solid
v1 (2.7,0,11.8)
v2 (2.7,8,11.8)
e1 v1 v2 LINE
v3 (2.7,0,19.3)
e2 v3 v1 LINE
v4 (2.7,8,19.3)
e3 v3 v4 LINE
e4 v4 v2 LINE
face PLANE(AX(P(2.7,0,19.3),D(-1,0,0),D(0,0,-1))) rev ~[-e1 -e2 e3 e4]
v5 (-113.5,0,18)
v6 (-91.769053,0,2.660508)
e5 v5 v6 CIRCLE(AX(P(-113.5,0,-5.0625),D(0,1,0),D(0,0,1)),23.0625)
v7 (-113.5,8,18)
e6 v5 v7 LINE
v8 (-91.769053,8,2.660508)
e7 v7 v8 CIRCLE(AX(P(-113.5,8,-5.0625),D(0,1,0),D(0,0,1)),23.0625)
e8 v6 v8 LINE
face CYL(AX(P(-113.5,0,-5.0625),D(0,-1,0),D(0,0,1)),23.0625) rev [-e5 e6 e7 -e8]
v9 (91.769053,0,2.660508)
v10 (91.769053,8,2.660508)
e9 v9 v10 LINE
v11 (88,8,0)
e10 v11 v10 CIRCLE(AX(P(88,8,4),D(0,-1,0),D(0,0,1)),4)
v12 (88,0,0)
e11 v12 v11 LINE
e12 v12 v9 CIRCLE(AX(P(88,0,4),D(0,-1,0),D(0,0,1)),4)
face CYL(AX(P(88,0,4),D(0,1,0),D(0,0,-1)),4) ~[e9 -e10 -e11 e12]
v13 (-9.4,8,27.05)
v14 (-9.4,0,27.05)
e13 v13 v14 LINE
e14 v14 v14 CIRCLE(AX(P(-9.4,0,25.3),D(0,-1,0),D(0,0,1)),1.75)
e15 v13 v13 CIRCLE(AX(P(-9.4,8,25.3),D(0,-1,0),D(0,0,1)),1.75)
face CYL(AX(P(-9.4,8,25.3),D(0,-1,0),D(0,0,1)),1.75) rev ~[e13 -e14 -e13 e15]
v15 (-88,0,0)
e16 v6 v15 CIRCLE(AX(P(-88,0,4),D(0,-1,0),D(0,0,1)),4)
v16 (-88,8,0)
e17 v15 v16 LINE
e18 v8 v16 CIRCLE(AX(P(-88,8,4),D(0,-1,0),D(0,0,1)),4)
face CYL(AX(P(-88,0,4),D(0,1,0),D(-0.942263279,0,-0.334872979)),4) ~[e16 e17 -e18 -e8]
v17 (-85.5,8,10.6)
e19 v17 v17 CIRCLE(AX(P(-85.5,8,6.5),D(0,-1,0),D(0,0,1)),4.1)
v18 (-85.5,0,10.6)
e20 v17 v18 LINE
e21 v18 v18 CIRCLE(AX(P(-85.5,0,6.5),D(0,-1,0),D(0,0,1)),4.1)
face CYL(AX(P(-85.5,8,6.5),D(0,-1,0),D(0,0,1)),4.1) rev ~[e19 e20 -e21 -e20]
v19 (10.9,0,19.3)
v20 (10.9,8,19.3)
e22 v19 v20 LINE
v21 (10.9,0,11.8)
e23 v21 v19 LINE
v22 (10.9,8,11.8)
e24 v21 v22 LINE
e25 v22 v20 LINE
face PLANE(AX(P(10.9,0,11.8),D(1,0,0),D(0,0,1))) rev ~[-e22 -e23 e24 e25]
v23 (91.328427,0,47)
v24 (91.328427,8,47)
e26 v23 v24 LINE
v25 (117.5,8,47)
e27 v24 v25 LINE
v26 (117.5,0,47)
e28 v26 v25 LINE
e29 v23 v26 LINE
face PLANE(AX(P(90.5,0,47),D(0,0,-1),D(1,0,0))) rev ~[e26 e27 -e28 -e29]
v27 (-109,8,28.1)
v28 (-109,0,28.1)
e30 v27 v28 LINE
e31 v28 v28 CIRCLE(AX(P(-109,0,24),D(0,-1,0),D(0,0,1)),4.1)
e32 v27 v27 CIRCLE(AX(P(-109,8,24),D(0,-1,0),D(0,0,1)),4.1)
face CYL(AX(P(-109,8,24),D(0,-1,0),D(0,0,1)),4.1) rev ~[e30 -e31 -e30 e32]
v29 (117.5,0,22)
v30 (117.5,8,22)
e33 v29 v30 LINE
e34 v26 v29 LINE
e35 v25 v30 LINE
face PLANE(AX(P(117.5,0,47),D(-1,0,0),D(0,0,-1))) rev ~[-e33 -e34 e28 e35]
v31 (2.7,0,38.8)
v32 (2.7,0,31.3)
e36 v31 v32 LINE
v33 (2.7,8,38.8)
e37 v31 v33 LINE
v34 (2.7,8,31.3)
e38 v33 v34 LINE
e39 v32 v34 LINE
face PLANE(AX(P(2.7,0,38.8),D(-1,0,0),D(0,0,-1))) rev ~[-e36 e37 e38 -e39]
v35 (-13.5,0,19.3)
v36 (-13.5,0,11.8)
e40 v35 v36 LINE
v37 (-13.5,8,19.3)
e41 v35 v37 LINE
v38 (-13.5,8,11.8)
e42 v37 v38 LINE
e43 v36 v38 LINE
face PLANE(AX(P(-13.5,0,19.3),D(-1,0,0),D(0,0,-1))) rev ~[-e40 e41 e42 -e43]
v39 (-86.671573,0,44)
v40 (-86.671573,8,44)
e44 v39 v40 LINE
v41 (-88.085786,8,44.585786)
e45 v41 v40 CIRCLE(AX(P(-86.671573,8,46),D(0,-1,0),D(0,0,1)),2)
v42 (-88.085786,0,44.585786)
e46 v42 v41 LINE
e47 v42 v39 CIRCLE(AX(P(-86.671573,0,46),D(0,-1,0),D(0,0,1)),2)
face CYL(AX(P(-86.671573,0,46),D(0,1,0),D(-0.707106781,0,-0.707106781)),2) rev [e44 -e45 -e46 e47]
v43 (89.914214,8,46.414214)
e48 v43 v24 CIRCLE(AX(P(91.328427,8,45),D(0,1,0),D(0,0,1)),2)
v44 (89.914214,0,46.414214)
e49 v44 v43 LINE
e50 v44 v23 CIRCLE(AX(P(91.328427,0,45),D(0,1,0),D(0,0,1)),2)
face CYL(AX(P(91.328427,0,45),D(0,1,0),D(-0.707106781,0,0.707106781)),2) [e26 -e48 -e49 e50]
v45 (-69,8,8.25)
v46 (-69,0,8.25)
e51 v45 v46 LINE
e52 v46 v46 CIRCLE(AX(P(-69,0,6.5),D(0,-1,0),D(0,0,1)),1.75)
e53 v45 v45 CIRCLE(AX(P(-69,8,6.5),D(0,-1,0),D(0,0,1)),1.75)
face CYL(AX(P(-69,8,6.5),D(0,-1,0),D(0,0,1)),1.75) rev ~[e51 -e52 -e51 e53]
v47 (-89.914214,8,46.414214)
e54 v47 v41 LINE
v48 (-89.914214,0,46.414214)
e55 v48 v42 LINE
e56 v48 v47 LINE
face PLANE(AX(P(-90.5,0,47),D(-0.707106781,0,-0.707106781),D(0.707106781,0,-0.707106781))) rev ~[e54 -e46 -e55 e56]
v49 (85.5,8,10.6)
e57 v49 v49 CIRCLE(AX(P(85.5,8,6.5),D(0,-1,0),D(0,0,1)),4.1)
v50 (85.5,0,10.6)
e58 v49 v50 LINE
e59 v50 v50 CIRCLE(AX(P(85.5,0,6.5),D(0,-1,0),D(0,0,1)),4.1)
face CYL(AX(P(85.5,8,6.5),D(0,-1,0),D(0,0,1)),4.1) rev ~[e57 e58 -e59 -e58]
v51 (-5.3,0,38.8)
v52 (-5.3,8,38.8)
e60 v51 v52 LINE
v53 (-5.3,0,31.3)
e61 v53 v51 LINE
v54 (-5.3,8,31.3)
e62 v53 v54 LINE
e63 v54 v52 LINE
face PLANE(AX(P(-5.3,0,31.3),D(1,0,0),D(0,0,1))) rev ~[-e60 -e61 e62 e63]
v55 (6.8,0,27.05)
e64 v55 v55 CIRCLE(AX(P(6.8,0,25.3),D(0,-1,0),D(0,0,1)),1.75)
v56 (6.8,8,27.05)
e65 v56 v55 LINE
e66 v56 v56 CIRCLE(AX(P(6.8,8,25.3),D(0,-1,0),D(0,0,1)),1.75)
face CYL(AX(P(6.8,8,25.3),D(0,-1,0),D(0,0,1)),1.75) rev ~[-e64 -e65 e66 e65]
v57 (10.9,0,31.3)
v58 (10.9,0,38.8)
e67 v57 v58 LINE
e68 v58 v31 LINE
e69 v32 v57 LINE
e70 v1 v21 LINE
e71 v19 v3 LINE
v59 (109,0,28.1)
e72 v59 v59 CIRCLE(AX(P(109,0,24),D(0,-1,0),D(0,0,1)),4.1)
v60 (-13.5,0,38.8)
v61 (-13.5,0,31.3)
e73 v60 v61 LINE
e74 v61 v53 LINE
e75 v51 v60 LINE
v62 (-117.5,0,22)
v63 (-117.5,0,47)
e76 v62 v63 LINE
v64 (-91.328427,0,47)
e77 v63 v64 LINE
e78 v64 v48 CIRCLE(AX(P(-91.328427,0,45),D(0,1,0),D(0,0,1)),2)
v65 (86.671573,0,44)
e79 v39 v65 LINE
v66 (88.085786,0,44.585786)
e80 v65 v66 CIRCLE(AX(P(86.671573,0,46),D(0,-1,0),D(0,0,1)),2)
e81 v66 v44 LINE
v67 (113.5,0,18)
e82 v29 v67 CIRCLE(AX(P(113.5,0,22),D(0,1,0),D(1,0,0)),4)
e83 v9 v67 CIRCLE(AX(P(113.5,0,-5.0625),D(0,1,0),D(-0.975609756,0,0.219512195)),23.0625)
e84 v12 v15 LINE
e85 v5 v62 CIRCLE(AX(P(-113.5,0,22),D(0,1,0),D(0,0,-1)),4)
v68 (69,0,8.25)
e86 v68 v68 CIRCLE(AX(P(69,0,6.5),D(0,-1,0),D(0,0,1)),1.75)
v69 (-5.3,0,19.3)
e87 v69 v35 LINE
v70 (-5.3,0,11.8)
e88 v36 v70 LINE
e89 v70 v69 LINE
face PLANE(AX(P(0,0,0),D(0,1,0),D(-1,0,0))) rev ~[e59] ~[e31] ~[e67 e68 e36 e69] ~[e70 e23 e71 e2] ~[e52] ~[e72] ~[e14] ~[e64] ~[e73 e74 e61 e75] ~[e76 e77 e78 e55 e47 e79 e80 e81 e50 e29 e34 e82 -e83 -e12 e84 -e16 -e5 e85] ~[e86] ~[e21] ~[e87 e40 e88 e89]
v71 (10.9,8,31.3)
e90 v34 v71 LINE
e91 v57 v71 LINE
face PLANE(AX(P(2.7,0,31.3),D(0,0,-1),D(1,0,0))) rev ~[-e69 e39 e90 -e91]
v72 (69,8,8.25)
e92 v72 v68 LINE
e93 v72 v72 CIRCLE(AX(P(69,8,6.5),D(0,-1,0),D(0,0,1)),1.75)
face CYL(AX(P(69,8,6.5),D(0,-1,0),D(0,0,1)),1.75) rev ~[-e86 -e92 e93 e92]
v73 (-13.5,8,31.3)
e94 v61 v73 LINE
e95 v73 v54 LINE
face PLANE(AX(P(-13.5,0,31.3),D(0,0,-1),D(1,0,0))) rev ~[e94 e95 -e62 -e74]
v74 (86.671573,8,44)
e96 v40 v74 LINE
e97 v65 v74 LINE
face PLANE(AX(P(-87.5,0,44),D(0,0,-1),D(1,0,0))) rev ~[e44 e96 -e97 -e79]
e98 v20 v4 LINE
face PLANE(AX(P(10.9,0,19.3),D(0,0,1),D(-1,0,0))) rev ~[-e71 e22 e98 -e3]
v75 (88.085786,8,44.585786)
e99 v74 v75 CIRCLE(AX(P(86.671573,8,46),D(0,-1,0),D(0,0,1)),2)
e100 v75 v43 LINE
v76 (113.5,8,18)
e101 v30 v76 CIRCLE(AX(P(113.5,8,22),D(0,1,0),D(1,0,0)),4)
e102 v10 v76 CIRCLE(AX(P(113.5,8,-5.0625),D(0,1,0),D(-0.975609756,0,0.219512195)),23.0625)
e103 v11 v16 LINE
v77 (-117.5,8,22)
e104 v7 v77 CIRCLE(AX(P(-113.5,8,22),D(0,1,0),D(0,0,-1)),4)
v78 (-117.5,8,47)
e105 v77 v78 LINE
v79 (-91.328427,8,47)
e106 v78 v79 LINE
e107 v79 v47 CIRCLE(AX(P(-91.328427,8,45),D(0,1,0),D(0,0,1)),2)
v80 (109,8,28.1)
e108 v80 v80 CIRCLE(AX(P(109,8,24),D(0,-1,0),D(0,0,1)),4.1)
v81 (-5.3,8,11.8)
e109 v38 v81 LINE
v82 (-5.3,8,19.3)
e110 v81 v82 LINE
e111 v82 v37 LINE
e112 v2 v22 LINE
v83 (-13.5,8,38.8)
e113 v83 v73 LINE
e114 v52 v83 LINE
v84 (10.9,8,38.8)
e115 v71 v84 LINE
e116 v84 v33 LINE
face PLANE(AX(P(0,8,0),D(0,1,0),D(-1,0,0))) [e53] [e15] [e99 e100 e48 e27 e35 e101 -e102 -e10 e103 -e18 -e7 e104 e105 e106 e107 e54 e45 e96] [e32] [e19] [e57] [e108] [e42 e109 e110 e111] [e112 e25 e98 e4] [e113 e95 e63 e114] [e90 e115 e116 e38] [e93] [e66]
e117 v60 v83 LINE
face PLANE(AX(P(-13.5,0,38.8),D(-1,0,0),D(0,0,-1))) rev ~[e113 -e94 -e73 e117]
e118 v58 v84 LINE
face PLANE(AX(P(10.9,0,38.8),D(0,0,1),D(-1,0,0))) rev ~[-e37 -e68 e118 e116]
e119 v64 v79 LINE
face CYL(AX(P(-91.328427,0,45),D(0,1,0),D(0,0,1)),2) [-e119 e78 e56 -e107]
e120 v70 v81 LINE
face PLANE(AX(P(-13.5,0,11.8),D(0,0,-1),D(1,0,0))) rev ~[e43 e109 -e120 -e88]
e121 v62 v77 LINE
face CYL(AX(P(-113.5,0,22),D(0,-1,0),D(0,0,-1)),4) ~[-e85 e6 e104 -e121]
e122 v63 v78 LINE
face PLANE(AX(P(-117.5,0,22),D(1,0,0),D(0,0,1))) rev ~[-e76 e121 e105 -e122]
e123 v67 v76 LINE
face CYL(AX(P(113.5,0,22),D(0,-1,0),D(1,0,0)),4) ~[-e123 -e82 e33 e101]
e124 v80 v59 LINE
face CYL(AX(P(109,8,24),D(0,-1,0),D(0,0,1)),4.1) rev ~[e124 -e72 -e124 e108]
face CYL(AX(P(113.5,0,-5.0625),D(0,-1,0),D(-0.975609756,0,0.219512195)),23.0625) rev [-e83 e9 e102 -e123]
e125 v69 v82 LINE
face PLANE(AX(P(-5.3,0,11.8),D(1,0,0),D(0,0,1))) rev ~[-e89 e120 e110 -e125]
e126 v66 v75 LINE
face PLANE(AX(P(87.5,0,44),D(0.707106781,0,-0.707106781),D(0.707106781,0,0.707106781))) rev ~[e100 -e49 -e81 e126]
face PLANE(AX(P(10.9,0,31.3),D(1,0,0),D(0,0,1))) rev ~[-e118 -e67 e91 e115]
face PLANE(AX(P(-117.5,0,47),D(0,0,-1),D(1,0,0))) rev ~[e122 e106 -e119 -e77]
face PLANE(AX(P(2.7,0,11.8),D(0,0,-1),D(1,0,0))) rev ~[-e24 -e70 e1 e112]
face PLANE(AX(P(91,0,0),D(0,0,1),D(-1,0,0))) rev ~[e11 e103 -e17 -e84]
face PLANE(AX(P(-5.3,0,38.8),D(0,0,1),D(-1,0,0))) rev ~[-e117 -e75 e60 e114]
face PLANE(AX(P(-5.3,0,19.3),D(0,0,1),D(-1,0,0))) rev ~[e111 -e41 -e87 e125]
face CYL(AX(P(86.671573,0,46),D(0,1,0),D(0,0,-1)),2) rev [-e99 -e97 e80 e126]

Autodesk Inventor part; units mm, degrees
ref_plane "YZ Plane" through (0, 0, 0) normal (1, 0, 0) x (0, 1, 0)
ref_plane "XY Plane" through (0, 0, 0) normal (0, 0, 1) x (1, 0, 0)
sketch "Sketch1" plane through (0, 0, 0) normal (0, 1, 0) x (-1, 0, 0)
  line L0 (-117.5, 47) -> (-117.5, 0)
  line L1 (-117.5, 0) -> (117.5, 0)
  line L2 (117.5, 0) -> (117.5, 47)
  line L3 (90.5, 47) -> (87.5, 44)
  line L4 (87.5, 44) -> (-87.5, 44)
  line L5 (-87.5, 44) -> (-90.5, 47)
  line L6 (117.5, 47) -> (90.5, 47)
  line L7 (-90.5, 47) -> (-117.5, 47)
  arc A0 (113.5, 18) -> (117.5, 22) centre (113.5, 22) ccw
  arc A1 (113.5, 18) -> (91, 0) centre (113.5, -5.0625) ccw
  line L8 (113.5, 22) -> (113.5, 18) construction
  arc A2 (-117.5, 22) -> (-113.5, 18) centre (-113.5, 22) ccw
  arc A3 (-91, 0) -> (-113.5, 18) centre (-113.5, -5.0625) ccw
  line L9 (-113.5, 22) -> (-113.5, 18) construction
  line L10 (0, 44) -> (0, 0) construction
  line L11 (13.5, 11.8) -> (5.3, 11.8)
  line L12 (5.3, 11.8) -> (5.3, 19.3)
  line L13 (5.3, 19.3) -> (13.5, 19.3)
  line L14 (13.5, 19.3) -> (13.5, 11.8)
  line L15 (13.5, 31.3) -> (5.3, 31.3)
  line L16 (5.3, 31.3) -> (5.3, 38.8)
  line L17 (5.3, 38.8) -> (13.5, 38.8)
  line L18 (13.5, 38.8) -> (13.5, 31.3)
  line L19 (-2.7, 11.8) -> (-10.9, 11.8)
  line L20 (-10.9, 11.8) -> (-10.9, 19.3)
  line L21 (-10.9, 19.3) -> (-2.7, 19.3)
  line L22 (-2.7, 19.3) -> (-2.7, 11.8)
  line L23 (-2.7, 31.3) -> (-10.9, 31.3)
  line L24 (-10.9, 31.3) -> (-10.9, 38.8)
  line L25 (-10.9, 38.8) -> (-2.7, 38.8)
  line L26 (-2.7, 38.8) -> (-2.7, 31.3)
  dimension "d1" = 235
  dimension "d2" = 3
  dimension "d3" = 45
  dimension "d4" = 27
  dimension "d5" = 47
  dimension "d6" = 4
  dimension "d7" = 29
  dimension "d8" = 23.0625
  dimension "d9" = 182
  dimension "d10" = 8.2
  dimension "d11" = 7.5
  dimension "d12" = 12
  dimension "d14" = 8
  dimension "d15" = 11.8
  dimension "d16" = 104
  dimension "d17" = 106.6
extrude "Extrusion1" add sketch "Sketch1" along normal blind 8 contours L7 L5 L4 L3 L6 L2 A0 A1 L1 A3 A2 L0
fillet "Fillet1" radius 4 2 edges at (-91, 4, 0) (91, 4, 0)
fillet "Fillet2" radius 2 4 edges at (-90.5, 4, 47) (-87.5, 4, 44) (87.5, 4, 44) (90.5, 4, 47)
sketch "Sketch2" plane through (0, 8, 0) normal (0, 1, 0) x (1, 0, 0)
  arc A0 (89.9142, -46.4142) -> (91.3284, -47) centre (91.3284, -45) ccw construction
  line L0 (91.3284, -47) -> (117.5, -47) construction
  line L1 (117.5, -47) -> (117.5, -22) construction
  arc A1 (117.5, -22) -> (113.5, -18) centre (113.5, -22) ccw construction
  arc A2 (91.7691, -2.6605) -> (113.5, -18) centre (113.5, 5.0625) ccw construction
  arc A3 (91.7691, -2.6605) -> (88, 0) centre (88, -4) ccw construction
  line L2 (88, 0) -> (-88, 0) construction
  arc A4 (-88, 0) -> (-91.7691, -2.6605) centre (-88, -4) ccw construction
  arc A5 (-113.5, -18) -> (-91.7691, -2.6605) centre (-113.5, 5.0625) ccw construction
  arc A6 (-113.5, -18) -> (-117.5, -22) centre (-113.5, -22) ccw construction
  line L3 (-117.5, -22) -> (-117.5, -47) construction
  line L4 (-117.5, -47) -> (-91.3284, -47) construction
  arc A7 (-91.3284, -47) -> (-89.9142, -46.4142) centre (-91.3284, -45) ccw construction
  line L5 (-89.9142, -46.4142) -> (-88.0858, -44.5858) construction
  arc A8 (-86.6716, -44) -> (-88.0858, -44.5858) centre (-86.6716, -46) ccw construction
  line L6 (-86.6716, -44) -> (86.6716, -44) construction
  arc A9 (88.0858, -44.5858) -> (86.6716, -44) centre (86.6716, -46) ccw construction
  line L7 (88.0858, -44.5858) -> (89.9142, -46.4142) construction
  line L8 (10.9, -31.3) -> (10.9, -38.8) construction
  line L9 (10.9, -38.8) -> (2.7, -38.8) construction
  line L10 (2.7, -38.8) -> (2.7, -31.3) construction
  line L11 (2.7, -31.3) -> (10.9, -31.3) construction
  line L12 (10.9, -11.8) -> (10.9, -19.3) construction
  line L13 (10.9, -19.3) -> (2.7, -19.3) construction
  line L14 (2.7, -19.3) -> (2.7, -11.8) construction
  line L15 (2.7, -11.8) -> (10.9, -11.8) construction
  line L16 (-5.3, -31.3) -> (-5.3, -38.8) construction
  line L17 (-5.3, -38.8) -> (-13.5, -38.8) construction
  line L18 (-13.5, -38.8) -> (-13.5, -31.3) construction
  line L19 (-13.5, -31.3) -> (-5.3, -31.3) construction
  line L20 (-5.3, -11.8) -> (-5.3, -19.3) construction
  line L21 (-5.3, -19.3) -> (-13.5, -19.3) construction
  line L22 (-13.5, -19.3) -> (-13.5, -11.8) construction
  line L23 (-13.5, -11.8) -> (-5.3, -11.8) construction
  line L24 (-13.5, -31.3) -> (-5.3, -31.3) construction
  line L25 (-9.4, -31.3) -> (-9.4, -19.3) construction
  line L26 (-5.3, -19.3) -> (-13.5, -19.3) construction
  line L27 (10.9, -31.3) -> (2.7, -31.3) construction
  line L28 (6.8, -31.3) -> (6.8, -19.3) construction
  point P0 (0, 0)
  point P1 (-9.4, -25.3)
  point P2 (6.8, -25.3)
  point P3 (-109, -24)
  point P4 (-85.5, -6.5)
  point P5 (-69, -6.5)
  point P6 (85.5, -6.5)
  point P7 (69, -6.5)
  point P8 (109, -24)
  dimension "d22" = 23
  dimension "d23" = 8.5
  dimension "d24" = 6.5
  dimension "d25" = 32
  dimension "d26" = 48.5
  dimension "d27" = 8.5
  dimension "d29" = 48.5
  dimension "d30" = 32
hole "Hole1" at (-9.4, 8, 25.3) at (6.8, 8, 25.3) at (-69, 8, 6.5) at (69, 8, 6.5) direction (0, -1, 0) diameter 3.5 end through all
hole "Hole2" at (-109, 8, 24) at (-85.5, 8, 6.5) at (85.5, 8, 6.5) at (109, 8, 24) direction (0, -1, 0) diameter 8.2 end through all
ref_plane "Work Plane1" through (-117.5, 0, 47) normal (0, 0, 1) x (1, 0, 0)
equation "\"d27\" = d23"
equation "\"d29\" = d26"
equation "\"d30\" = d25"
properties part number "A8-0008"
